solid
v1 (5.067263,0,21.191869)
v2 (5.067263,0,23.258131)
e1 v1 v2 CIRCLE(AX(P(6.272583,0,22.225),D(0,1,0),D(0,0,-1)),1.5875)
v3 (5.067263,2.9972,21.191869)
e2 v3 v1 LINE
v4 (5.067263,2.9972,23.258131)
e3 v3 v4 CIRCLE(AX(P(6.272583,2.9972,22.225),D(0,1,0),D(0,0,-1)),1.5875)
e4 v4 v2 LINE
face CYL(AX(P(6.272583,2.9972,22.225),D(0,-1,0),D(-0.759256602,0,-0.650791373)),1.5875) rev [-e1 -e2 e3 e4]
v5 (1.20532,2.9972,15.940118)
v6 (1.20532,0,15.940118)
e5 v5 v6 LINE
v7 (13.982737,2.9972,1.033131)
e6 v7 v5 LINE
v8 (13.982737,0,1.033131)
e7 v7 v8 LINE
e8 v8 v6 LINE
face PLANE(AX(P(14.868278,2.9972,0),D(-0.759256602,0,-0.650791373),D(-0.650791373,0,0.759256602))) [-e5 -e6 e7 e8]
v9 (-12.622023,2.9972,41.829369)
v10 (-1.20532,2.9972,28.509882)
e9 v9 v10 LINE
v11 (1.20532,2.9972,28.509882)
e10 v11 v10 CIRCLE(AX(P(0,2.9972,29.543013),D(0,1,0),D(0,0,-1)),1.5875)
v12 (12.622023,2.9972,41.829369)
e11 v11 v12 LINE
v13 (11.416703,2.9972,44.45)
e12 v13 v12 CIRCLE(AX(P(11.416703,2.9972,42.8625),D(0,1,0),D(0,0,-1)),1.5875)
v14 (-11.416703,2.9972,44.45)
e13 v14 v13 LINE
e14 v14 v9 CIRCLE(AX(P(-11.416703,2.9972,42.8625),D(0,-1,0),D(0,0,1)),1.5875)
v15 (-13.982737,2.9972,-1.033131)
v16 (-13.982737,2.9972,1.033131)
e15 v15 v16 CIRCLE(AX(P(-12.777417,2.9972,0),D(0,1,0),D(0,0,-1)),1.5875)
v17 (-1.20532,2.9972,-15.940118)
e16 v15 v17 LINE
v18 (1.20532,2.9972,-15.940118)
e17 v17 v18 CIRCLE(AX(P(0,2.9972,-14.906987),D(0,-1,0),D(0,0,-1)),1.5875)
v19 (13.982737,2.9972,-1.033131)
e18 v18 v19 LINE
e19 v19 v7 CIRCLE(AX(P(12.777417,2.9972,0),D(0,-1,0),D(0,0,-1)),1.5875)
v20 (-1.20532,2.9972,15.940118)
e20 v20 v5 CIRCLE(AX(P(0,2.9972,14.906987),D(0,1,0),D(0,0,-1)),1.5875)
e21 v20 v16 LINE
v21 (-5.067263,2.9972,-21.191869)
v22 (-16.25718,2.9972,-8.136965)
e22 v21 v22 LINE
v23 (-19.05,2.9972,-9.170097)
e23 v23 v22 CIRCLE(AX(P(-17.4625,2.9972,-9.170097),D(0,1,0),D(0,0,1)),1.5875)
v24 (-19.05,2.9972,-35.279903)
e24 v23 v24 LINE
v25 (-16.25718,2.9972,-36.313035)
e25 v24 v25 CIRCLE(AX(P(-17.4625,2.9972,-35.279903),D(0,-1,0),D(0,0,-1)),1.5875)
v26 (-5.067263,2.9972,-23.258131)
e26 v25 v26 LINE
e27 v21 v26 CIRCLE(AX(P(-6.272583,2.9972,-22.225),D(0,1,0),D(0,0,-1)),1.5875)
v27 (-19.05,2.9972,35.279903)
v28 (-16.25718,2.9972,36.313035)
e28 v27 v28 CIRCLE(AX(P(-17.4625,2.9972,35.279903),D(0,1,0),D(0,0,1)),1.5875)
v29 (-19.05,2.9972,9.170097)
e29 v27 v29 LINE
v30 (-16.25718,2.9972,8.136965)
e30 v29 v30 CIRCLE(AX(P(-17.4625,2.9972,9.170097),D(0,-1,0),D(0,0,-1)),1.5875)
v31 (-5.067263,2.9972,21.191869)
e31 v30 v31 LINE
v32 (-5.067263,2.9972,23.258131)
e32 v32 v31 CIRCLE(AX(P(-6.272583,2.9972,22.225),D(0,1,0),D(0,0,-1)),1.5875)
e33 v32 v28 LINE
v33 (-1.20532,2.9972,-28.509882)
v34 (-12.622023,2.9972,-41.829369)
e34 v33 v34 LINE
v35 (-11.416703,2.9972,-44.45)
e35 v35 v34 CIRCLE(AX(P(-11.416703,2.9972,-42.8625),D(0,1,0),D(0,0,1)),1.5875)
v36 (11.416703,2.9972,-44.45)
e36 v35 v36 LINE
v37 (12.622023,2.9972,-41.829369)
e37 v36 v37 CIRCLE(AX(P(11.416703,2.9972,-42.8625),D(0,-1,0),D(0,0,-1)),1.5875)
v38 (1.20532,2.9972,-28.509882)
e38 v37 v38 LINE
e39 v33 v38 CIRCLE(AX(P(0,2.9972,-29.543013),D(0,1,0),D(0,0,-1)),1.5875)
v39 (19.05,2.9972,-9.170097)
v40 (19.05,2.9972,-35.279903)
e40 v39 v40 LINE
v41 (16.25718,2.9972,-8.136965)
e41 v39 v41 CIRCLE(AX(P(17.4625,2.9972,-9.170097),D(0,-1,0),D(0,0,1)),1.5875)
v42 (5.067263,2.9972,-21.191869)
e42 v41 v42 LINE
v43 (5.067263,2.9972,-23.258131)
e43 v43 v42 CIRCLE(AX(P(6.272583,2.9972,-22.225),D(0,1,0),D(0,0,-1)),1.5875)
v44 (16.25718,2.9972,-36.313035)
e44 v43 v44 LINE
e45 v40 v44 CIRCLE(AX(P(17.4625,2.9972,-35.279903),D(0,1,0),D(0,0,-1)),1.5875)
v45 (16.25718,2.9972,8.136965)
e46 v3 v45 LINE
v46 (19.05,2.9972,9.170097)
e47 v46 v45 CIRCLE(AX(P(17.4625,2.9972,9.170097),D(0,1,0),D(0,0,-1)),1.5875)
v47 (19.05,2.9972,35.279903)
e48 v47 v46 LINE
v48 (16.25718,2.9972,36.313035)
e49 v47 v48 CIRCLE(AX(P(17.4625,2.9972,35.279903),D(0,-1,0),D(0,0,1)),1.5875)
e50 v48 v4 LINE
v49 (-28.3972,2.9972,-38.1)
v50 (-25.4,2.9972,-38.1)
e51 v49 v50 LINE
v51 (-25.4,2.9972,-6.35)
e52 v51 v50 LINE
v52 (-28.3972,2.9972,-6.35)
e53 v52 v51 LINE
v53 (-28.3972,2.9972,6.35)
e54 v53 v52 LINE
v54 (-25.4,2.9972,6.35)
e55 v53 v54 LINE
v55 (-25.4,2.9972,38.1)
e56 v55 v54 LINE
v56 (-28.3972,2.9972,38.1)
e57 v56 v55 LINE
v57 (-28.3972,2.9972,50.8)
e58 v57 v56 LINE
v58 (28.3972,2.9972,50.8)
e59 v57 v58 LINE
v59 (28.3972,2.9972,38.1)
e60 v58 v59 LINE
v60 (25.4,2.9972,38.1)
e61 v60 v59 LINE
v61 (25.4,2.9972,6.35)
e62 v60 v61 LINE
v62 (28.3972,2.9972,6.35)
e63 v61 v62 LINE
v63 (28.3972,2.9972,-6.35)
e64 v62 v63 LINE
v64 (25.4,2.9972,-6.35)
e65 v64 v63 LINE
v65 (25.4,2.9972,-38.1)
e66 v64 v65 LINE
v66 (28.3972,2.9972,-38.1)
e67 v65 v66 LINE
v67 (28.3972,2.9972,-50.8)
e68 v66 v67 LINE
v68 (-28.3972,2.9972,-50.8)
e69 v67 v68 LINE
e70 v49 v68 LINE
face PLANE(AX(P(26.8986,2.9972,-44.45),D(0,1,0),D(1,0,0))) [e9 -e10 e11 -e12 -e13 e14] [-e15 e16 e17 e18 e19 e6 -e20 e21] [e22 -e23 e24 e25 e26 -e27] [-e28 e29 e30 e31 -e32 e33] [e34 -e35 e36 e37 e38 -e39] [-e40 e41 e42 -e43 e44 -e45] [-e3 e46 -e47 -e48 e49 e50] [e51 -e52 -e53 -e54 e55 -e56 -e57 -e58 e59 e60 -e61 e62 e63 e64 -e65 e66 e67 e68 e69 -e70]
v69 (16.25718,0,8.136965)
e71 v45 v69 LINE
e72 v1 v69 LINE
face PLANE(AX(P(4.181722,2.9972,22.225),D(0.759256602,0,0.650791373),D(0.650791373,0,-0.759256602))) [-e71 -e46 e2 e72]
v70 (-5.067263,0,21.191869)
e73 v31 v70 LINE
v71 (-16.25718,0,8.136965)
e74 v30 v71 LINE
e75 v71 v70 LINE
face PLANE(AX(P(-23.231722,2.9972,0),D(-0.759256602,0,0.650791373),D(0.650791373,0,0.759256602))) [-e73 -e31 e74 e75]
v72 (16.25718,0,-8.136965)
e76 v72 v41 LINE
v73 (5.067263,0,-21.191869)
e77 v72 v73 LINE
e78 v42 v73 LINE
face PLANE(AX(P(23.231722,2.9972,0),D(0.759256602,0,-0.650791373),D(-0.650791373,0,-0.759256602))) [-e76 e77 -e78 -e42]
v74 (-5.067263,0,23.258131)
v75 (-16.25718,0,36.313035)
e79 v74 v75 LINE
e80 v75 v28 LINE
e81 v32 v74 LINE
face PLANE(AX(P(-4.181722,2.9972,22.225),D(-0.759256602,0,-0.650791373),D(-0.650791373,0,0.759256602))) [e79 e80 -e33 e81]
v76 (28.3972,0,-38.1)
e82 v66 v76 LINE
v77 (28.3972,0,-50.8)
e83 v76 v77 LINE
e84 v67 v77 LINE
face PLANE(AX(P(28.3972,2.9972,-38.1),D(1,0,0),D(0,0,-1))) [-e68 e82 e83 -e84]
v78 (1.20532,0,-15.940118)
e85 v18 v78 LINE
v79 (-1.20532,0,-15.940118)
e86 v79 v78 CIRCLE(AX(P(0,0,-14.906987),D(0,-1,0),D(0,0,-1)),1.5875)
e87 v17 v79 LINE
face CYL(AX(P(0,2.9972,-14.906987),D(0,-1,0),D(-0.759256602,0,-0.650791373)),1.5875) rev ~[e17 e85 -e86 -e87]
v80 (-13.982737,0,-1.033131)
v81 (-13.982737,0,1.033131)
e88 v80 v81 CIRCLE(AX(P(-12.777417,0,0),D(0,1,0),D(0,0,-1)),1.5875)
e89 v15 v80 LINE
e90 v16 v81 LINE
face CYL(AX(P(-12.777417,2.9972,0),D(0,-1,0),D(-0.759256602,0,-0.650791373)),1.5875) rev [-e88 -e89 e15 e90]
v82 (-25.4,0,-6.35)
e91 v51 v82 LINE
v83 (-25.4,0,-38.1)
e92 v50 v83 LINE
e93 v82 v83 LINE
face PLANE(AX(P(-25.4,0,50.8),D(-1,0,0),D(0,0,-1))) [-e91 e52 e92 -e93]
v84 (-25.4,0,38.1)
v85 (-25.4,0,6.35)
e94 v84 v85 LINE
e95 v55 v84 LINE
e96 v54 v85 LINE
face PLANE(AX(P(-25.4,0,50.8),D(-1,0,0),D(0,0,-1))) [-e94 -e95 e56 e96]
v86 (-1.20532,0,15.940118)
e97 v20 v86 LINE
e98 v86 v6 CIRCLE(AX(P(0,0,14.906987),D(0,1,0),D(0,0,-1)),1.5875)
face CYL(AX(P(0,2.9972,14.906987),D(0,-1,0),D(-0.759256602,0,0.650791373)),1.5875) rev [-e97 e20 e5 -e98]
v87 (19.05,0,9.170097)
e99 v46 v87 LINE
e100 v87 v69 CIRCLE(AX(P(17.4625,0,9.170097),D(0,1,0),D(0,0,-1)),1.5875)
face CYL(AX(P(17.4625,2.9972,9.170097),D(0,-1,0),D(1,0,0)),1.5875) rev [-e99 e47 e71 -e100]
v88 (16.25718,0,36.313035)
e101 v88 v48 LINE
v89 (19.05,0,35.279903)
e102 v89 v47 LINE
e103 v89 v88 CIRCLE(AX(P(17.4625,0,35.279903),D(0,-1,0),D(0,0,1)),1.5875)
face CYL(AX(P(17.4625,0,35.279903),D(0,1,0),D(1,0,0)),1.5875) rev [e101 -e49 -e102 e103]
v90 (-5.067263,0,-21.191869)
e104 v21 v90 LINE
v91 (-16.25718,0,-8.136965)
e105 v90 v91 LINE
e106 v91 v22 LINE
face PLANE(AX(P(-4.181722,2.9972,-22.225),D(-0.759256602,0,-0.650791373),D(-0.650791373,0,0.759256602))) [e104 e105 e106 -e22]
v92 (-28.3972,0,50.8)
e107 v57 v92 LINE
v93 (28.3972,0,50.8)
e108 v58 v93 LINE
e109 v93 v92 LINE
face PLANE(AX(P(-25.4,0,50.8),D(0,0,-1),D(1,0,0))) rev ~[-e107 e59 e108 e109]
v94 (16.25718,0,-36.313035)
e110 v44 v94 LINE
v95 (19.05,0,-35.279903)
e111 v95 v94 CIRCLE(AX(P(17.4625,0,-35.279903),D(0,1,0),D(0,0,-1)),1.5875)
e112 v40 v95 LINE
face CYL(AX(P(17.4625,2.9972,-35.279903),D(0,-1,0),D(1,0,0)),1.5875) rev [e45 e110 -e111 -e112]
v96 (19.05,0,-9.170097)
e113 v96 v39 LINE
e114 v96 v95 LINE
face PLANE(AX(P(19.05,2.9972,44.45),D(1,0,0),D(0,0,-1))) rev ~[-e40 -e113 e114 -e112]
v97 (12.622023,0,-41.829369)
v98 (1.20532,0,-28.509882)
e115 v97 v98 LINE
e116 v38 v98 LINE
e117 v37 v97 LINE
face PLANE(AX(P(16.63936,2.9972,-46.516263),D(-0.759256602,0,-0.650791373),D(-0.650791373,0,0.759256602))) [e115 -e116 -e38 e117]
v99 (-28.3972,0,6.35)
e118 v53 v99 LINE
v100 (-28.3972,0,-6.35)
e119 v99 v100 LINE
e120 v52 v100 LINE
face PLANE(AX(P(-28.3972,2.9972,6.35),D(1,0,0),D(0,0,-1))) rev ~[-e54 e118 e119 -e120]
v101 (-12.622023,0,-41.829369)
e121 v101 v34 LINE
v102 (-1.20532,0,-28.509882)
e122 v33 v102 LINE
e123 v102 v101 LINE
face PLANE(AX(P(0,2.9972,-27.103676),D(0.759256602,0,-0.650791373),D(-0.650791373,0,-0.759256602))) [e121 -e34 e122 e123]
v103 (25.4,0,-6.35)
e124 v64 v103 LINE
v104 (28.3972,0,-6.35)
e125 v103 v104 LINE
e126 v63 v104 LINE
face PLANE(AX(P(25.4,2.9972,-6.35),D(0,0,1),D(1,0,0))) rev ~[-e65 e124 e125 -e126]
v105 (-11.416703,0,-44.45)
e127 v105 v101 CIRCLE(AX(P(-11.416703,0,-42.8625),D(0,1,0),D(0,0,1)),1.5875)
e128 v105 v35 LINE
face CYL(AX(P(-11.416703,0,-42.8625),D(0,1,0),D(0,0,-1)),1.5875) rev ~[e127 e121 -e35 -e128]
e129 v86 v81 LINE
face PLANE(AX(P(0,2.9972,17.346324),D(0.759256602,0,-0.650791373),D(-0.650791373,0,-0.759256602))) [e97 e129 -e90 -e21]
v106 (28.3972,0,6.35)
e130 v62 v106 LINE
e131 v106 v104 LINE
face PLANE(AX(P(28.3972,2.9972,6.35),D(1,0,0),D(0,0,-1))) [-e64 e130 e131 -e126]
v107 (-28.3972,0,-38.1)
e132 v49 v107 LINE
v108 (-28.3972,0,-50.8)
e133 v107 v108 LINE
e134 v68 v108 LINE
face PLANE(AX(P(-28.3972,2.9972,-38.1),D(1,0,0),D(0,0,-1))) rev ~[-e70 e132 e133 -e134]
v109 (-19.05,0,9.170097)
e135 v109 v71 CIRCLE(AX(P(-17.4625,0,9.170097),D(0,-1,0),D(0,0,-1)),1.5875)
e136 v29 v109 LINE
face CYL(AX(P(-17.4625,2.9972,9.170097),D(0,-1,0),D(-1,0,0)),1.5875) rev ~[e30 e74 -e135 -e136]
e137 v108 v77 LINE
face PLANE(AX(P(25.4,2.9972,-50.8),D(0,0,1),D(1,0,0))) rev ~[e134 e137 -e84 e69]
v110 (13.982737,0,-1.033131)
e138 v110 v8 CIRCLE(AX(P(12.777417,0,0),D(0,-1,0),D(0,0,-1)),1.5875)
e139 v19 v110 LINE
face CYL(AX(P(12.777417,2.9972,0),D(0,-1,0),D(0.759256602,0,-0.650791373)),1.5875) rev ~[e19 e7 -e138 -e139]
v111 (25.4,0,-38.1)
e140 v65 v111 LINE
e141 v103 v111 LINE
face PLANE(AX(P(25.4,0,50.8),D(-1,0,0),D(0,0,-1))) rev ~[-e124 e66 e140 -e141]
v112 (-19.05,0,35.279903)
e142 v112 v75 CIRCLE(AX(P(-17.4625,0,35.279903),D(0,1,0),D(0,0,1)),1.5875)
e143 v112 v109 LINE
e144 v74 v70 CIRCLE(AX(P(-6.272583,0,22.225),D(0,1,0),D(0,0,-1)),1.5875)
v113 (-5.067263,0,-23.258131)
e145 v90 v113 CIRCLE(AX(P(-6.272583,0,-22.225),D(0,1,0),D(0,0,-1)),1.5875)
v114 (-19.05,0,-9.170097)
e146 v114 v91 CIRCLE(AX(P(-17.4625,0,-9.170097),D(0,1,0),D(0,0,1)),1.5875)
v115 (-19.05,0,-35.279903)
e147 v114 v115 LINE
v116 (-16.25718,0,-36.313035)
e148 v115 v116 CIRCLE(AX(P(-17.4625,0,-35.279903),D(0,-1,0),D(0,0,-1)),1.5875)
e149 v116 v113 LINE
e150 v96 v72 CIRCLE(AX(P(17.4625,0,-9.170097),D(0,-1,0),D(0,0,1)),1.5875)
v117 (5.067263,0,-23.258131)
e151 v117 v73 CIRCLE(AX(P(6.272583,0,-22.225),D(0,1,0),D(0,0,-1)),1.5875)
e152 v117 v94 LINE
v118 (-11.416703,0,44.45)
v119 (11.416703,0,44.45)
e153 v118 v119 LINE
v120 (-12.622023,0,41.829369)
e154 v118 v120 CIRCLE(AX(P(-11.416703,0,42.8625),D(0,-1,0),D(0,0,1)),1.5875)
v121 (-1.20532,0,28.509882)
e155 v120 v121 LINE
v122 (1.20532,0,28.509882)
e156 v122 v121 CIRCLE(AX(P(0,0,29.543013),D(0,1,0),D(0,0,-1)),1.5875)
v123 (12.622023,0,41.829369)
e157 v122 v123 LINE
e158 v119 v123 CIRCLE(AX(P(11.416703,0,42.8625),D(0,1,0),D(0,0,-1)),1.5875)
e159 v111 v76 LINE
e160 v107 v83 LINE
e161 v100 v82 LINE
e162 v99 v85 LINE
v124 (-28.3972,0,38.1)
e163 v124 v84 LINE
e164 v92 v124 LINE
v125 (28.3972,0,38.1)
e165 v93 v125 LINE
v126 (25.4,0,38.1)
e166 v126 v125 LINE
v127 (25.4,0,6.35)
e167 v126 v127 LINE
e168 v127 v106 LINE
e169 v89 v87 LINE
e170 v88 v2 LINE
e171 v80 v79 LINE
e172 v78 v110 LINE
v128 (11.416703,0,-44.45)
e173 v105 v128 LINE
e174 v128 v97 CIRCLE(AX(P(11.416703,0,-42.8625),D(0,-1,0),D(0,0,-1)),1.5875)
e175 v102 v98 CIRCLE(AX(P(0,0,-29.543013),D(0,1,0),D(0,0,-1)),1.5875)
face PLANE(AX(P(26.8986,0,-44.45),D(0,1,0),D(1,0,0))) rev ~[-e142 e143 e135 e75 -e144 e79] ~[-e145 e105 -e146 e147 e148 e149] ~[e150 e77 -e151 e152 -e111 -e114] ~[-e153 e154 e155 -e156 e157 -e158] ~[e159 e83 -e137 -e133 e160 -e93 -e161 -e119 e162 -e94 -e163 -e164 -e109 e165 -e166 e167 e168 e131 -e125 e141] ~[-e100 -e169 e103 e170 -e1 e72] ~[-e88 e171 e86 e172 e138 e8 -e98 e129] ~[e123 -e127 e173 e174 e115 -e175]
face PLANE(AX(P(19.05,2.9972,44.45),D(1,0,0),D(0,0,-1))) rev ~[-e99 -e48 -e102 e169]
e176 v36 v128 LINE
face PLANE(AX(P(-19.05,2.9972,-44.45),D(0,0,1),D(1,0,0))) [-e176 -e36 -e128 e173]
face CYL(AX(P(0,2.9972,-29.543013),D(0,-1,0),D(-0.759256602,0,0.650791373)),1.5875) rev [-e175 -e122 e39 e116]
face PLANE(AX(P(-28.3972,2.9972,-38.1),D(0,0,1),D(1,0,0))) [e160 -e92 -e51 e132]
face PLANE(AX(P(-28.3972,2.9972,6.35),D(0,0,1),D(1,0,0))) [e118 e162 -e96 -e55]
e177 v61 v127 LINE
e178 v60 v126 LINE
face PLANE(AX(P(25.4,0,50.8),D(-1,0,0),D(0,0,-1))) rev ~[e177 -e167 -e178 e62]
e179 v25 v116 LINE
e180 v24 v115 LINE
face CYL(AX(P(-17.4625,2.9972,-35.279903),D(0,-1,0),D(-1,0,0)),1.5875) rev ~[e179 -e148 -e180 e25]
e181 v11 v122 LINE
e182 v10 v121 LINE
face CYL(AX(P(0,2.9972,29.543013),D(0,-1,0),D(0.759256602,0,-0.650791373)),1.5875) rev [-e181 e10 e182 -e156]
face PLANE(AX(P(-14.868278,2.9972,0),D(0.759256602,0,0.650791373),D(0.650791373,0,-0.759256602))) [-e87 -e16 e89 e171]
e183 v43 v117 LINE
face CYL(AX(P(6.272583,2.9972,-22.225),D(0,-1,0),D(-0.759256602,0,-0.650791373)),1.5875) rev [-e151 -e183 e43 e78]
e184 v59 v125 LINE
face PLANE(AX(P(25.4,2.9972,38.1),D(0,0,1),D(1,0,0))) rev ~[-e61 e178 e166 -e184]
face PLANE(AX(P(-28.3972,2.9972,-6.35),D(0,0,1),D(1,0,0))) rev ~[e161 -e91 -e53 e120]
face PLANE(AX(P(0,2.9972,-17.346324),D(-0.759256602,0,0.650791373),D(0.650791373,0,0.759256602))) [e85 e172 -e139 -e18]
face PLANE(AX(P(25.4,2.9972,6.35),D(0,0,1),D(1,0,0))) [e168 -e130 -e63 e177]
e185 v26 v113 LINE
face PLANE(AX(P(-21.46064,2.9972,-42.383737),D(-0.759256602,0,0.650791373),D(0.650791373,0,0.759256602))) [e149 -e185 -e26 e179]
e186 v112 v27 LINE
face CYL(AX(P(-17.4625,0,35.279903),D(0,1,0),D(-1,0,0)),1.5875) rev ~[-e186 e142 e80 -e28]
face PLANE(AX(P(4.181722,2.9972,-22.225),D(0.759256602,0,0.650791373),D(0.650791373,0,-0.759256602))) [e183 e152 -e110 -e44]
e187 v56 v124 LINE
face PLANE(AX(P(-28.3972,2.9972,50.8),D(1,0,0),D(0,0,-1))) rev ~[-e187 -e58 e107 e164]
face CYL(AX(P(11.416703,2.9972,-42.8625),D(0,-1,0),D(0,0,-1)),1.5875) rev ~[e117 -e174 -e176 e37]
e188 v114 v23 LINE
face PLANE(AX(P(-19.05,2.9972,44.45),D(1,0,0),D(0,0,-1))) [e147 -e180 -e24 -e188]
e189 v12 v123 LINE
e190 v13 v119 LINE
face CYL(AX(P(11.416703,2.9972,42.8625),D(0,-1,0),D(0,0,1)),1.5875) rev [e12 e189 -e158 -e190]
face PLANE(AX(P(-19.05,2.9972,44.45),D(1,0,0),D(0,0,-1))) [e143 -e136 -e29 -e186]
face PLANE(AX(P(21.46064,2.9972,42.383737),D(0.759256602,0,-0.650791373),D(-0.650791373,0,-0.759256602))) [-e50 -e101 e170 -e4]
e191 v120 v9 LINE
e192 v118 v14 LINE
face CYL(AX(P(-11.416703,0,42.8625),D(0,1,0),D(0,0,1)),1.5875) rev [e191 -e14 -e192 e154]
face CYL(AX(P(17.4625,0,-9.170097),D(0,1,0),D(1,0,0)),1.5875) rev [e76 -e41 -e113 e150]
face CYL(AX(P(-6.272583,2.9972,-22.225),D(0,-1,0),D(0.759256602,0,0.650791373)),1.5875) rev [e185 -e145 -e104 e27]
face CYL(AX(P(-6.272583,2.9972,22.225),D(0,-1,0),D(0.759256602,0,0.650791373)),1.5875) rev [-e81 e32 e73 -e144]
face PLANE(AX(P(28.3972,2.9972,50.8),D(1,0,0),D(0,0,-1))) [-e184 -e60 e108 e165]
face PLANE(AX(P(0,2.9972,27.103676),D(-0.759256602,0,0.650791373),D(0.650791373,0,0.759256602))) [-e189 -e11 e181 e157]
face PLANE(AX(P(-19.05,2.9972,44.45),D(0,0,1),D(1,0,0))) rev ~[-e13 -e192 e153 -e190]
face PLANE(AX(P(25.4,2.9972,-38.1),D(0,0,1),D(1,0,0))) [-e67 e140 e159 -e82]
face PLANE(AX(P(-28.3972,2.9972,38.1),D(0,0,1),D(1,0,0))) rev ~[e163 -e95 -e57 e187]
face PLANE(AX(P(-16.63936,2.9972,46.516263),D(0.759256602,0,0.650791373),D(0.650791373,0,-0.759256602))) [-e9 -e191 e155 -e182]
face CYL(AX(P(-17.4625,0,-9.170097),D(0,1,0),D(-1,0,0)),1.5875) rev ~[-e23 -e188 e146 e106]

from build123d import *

# Parameters (mm, degrees)
SKETCH1_W           = 50.8
SKETCH1_H           = 101.6
BOSS_EXTRUDE1_DEPTH = 2.9972
SKETCH2_W           = 2.9972
SKETCH2_H           = 12.7
BOSS_EXTRUDE2_DEPTH = 2.9972
SKETCH3_W           = 38.1
SKETCH3_H           = 88.9
CUT_EXTRUDE1_DEPTH  = 59.275416564
EXTRUDE_THIN1_DEPTH = 2.9972
FILLET1_R           = 1.5875


with BuildPart() as part:
    # Sketch1 → Boss-Extrude1 (new body)
    with BuildSketch(Plane(origin=(0, 0, 0), x_dir=(1, 0, 0), z_dir=(0, 1, 0))):
        Rectangle(SKETCH1_W, SKETCH1_H)
    extrude(amount=BOSS_EXTRUDE1_DEPTH)

    # Sketch2 → Boss-Extrude2 (add)
    with BuildSketch(Plane(origin=(0, 2.9972, 0), x_dir=(1, 0, 0), z_dir=(0, 1, 0))):
        with Locations((26.8986, 0)):
            Rectangle(SKETCH2_W, SKETCH2_H)
        with Locations((26.8986, 44.45)):
            Rectangle(SKETCH2_W, SKETCH2_H)
        with Locations((26.8986, -44.45)):
            Rectangle(SKETCH2_W, SKETCH2_H)
        with Locations((-26.8986, 0)):
            Rectangle(SKETCH2_W, SKETCH2_H)
        with Locations((-26.8986, -44.45)):
            Rectangle(SKETCH2_W, SKETCH2_H)
        with Locations((-26.8986, 44.45)):
            Rectangle(SKETCH2_W, SKETCH2_H)
    extrude(amount=-BOSS_EXTRUDE2_DEPTH)

    # Sketch3 → Cut-Extrude1 (cut, through all)
    with BuildSketch(Plane(origin=(0, 2.9972, 0), x_dir=(1, 0, 0), z_dir=(0, 1, 0))):
        Rectangle(SKETCH3_W, SKETCH3_H)
    extrude(amount=-CUT_EXTRUDE1_DEPTH, mode=Mode.SUBTRACT)

    # Sketch4 → Extrude-Thin1 (add)
    with BuildSketch(Plane(origin=(0, 2.9972, 0), x_dir=(1, 0, 0), z_dir=(0, 1, 0))):
        Polygon((-16.639360287, -46.516262611), (23.23172195, 0), (-16.639360287, 46.516262611), (-21.460639713, 42.383737389), (14.86827805, 0), (-21.460639713, -42.383737389), align=None)
        Polygon((16.639360287, 46.516262611), (-23.23172195, 0), (16.639360287, -46.516262611), (21.460639713, -42.383737389), (-14.86827805, 0), (21.460639713, 42.383737389), align=None)
    extrude(amount=-EXTRUDE_THIN1_DEPTH)

    # Fillet1
    fillet1_edges = [part.edges().sort_by_distance(p)[0] for p in [
        (14.86827805, 1.4986, 44.45),
        (-14.86827805, 1.4986, 44.45),
        (19.05, 1.4986, -39.571324391),
        (19.05, 1.4986, 39.571324391),
        (19.05, 1.4986, 4.878675609),
        (19.05, 1.4986, -4.878675609),
        (14.86827805, 1.4986, -44.45),
        (-14.86827805, 1.4986, -44.45),
        (-19.05, 1.4986, 4.878675609),
        (-19.05, 1.4986, -4.878675609),
        (-19.05, 1.4986, -39.571324391),
        (-19.05, 1.4986, 39.571324391),
        (-4.18172195, 1.4986, 22.225),
        (-4.18172195, 1.4986, -22.225),
        (0, 1.4986, -27.103675609),
        (4.18172195, 1.4986, -22.225),
        (4.18172195, 1.4986, 22.225),
        (0, 1.4986, 27.103675609),
        (14.86827805, 1.4986, 0),
        (0, 1.4986, -17.346324391),
        (0, 1.4986, 17.346324391),
        (-14.86827805, 1.4986, 0),
    ]]
    fillet(fillet1_edges, radius=FILLET1_R)


solid = part.part
